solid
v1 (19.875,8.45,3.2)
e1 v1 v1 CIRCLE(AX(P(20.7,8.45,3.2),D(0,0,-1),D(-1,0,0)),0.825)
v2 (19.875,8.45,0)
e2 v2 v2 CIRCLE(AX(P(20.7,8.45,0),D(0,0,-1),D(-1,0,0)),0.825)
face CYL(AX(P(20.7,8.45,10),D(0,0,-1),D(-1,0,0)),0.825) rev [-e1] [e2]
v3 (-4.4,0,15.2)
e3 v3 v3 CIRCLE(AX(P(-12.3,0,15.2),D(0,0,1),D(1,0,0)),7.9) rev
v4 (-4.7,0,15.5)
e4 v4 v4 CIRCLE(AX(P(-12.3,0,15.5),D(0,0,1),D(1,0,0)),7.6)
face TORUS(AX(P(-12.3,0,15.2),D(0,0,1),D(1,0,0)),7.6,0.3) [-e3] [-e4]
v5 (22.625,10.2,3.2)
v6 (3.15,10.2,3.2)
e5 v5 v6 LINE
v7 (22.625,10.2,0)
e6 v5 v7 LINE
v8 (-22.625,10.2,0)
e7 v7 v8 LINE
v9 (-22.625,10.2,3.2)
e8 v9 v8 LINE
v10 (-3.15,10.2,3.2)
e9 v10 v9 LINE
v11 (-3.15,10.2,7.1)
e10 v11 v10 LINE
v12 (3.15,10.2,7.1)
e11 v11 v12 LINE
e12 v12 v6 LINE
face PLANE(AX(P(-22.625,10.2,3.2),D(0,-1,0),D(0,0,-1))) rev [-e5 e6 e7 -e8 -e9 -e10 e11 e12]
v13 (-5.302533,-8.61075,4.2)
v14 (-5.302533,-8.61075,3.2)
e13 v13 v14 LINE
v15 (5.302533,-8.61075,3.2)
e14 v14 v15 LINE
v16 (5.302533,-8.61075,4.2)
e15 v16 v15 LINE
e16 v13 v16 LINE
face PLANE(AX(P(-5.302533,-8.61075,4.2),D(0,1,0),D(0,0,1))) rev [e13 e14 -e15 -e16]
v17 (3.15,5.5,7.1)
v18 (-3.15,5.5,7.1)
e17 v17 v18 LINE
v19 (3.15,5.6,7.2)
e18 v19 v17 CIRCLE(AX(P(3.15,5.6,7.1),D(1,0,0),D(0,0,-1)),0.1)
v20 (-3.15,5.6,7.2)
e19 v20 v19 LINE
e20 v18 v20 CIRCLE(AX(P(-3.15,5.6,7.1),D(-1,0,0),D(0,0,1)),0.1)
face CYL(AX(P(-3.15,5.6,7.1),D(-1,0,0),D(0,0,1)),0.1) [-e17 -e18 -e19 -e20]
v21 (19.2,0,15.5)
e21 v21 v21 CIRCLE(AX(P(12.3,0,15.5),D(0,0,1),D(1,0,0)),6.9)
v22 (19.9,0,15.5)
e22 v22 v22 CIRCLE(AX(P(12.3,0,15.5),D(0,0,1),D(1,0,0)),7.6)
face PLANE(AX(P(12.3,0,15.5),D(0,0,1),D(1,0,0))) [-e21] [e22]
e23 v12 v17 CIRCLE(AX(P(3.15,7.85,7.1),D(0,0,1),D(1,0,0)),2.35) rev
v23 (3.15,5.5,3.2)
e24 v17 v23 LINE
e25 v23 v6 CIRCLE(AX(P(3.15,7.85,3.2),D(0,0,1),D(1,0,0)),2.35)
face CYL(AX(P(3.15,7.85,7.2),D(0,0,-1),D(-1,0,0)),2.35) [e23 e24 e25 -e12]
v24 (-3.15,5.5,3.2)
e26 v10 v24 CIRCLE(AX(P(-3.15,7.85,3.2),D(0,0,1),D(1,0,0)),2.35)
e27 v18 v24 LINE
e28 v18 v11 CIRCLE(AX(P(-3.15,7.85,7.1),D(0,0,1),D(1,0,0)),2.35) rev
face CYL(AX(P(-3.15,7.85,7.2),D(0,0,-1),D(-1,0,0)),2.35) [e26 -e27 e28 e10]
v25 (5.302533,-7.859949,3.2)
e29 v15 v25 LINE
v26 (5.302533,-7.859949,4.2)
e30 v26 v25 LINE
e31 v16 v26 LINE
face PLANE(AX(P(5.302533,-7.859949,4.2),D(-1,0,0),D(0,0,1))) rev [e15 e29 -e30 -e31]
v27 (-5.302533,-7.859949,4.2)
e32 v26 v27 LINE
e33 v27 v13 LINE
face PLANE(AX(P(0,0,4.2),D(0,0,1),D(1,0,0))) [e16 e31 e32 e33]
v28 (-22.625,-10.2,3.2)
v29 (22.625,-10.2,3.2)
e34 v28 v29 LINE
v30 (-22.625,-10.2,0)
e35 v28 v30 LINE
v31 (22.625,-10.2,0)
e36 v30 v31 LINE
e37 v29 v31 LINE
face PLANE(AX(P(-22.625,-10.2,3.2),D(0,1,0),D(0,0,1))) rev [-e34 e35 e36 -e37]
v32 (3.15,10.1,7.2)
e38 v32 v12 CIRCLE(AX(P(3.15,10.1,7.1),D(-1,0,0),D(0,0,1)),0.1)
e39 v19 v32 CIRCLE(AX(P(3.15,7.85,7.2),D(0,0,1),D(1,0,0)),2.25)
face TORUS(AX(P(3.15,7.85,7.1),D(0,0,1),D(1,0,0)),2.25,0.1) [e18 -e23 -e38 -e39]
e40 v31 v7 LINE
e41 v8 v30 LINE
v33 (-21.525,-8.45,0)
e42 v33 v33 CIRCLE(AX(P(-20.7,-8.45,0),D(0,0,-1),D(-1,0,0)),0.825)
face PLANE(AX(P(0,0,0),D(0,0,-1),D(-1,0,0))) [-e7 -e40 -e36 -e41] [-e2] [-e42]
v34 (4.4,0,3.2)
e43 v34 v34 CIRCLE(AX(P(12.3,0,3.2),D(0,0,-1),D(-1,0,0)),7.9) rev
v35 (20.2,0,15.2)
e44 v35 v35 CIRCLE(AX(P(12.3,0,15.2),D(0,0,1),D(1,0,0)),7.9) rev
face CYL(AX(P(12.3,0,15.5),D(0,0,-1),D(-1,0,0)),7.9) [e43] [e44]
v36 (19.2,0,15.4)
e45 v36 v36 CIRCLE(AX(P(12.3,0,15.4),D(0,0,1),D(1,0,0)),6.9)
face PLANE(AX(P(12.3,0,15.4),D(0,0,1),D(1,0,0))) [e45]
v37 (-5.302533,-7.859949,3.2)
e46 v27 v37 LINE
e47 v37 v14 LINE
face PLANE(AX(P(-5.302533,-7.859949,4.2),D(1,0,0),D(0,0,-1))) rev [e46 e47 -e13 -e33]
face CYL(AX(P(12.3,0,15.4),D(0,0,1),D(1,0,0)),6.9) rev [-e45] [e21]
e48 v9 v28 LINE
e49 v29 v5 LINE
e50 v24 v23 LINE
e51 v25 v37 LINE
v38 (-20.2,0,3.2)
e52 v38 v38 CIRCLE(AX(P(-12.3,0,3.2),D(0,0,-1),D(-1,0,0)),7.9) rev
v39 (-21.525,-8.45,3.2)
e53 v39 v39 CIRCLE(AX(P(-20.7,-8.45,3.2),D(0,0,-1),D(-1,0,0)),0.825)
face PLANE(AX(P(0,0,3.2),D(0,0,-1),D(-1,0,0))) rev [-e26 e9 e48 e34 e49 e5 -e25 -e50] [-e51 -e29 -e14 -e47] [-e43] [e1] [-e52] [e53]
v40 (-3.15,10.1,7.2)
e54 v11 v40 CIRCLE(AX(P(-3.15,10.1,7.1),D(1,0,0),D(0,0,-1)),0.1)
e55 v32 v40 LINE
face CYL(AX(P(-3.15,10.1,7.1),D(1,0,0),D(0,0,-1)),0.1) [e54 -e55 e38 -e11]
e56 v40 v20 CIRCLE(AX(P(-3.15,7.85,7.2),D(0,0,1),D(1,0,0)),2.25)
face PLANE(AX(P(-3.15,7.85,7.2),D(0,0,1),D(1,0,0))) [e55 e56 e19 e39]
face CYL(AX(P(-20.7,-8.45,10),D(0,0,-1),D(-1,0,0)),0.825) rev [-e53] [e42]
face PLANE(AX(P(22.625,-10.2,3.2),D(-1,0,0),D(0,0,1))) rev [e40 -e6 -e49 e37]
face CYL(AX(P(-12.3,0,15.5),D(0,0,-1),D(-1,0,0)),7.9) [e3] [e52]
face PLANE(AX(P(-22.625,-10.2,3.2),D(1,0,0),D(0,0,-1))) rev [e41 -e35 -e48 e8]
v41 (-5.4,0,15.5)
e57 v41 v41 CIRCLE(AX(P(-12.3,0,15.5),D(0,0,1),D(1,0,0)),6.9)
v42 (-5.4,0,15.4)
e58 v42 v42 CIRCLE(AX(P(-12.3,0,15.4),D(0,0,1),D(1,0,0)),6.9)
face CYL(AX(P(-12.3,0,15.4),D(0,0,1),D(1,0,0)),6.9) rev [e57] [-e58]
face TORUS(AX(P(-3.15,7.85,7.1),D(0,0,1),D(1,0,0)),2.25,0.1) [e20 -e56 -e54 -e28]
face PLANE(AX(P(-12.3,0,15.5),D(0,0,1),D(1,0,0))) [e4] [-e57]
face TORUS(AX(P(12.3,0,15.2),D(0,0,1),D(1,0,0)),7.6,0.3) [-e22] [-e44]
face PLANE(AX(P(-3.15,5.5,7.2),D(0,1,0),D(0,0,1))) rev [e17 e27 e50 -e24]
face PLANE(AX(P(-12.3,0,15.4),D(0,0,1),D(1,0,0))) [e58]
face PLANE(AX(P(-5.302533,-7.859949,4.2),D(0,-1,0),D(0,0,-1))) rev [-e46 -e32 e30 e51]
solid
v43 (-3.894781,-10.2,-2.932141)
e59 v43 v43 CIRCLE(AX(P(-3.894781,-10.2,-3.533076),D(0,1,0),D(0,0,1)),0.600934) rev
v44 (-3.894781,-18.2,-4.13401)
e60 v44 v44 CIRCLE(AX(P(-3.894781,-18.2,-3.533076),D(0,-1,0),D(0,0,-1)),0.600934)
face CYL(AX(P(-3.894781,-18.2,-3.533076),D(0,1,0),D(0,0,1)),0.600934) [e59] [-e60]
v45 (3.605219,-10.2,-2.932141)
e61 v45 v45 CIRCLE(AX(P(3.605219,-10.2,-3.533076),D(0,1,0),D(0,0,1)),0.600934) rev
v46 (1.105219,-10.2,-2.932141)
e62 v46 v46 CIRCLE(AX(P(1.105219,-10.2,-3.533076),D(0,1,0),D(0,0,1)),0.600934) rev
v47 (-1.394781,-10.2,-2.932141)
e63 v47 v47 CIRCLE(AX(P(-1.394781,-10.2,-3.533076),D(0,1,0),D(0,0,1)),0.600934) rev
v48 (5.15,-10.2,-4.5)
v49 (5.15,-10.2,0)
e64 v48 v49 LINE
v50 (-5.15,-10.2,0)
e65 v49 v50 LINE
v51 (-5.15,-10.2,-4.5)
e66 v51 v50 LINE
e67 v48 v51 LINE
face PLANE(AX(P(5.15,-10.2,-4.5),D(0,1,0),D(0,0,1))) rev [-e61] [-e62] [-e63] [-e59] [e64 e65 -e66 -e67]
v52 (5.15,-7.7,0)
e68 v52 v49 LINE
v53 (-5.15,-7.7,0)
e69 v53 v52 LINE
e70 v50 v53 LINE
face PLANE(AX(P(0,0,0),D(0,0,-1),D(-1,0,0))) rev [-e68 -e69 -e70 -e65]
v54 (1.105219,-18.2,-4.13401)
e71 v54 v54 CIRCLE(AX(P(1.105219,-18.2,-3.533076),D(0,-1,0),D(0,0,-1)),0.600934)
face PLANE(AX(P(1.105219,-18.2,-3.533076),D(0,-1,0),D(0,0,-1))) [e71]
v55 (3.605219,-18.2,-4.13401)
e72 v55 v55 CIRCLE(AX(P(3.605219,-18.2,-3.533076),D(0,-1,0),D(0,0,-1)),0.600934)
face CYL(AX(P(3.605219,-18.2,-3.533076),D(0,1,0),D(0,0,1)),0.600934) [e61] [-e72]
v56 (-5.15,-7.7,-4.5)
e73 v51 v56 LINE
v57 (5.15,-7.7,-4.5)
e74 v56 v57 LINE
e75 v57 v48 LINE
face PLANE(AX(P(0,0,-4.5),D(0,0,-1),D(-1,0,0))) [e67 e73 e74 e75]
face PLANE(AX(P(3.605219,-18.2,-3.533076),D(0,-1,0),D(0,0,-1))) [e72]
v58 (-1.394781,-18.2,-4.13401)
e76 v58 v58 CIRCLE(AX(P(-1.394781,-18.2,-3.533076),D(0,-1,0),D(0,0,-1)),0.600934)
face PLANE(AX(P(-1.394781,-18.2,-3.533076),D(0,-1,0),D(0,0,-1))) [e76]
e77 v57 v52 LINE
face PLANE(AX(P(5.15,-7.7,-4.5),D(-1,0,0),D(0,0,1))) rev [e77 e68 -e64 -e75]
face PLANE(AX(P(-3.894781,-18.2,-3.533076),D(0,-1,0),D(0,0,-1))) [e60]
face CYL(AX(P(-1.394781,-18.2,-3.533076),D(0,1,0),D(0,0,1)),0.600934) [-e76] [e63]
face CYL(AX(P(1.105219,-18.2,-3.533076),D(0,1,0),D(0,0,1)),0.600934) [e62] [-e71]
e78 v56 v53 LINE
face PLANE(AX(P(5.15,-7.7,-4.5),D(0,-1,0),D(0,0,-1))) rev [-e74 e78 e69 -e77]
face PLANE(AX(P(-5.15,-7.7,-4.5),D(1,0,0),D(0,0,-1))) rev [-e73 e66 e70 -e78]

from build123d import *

# Parameters (mm, degrees)
SKETCH_1_W          = 45.25
SKETCH_1_H          = 20.4
EXTRUDE_1_DEPTH     = 3.2
EXTRUDE_2_DEPTH     = 4
FILLET_1_R          = 0.1
SKETCH_3_R          = 7.9
EXTRUDE_3_DEPTH     = 12.3
SKETCH_4_R          = 6.9
CUT_EXTRUDE_1_DEPTH = 0.1
FILLET_2_R          = 0.3
SKETCH_5_W          = 10.605065306
SKETCH_5_H          = 0.750801084
EXTRUDE_4_DEPTH     = 1
SKETCH_6_W          = 10.3
SKETCH_6_H          = 2.5
EXTRUDE_5_DEPTH     = 4.5
SKETCH_7_R          = 0.600934077
EXTRUDE_6_DEPTH     = 8
SKETCH_8_R          = 0.825
CUT_EXTRUDE_2_DEPTH = 10


with BuildPart() as part:
    # Эскиз1 → Бобышка-Вытянуть1 (new body)
    with BuildSketch(Plane.XY):
        Rectangle(SKETCH_1_W, SKETCH_1_H)
    extrude(amount=EXTRUDE_1_DEPTH)

    # Эскиз2 → Бобышка-Вытянуть2 (add)
    with BuildSketch(Plane.XY.offset(3.2)):
        with BuildLine():
            Line((-3.15, 10.2), (3.15, 10.2))
            ThreePointArc((3.15, 10.2), (5.5, 7.85), (3.15, 5.5))
            Line((3.15, 5.5), (-3.15, 5.5))
            ThreePointArc((-3.15, 5.5), (-5.5, 7.85), (-3.15, 10.2))
        make_face()
    extrude(amount=EXTRUDE_2_DEPTH)

    # Скругление1
    fillet_1_edges = [part.edges().sort_by_distance(p)[0] for p in [
        (-5.5, 7.85, 7.2),
        (0, 5.5, 7.2),
        (5.5, 7.85, 7.2),
        (0, 10.2, 7.2),
    ]]
    fillet(fillet_1_edges, radius=FILLET_1_R)

    # Эскиз3 → Бобышка-Вытянуть3 (add)
    with BuildSketch(Plane.XY.offset(3.2)):
        with Locations(Location((-12.3, 0, 0), (0, 0, 180))):
            Circle(SKETCH_3_R)
        with Locations(Location((12.3, 0, 0), (0, 0, 180))):
            Circle(SKETCH_3_R)
    extrude(amount=EXTRUDE_3_DEPTH)

    # Эскиз4 → Вырез-Вытянуть1 (cut)
    with BuildSketch(Plane.XY.offset(15.5)):
        with Locations((-12.3, 0)):
            Circle(SKETCH_4_R)
        with Locations((12.3, 0)):
            Circle(SKETCH_4_R)
    extrude(amount=-CUT_EXTRUDE_1_DEPTH, mode=Mode.SUBTRACT)

    # Скругление2
    fillet_2_edges = [part.edges().sort_by_distance(p)[0] for p in [
        (-4.4, 0, 15.5),
        (20.2, 0, 15.5),
    ]]
    fillet(fillet_2_edges, radius=FILLET_2_R)

    # Эскиз5 → Бобышка-Вытянуть4 (add)
    with BuildSketch(Plane.XY.offset(3.2)):
        with Locations((0, -8.235349386)):
            Rectangle(SKETCH_5_W, SKETCH_5_H)
    extrude(amount=EXTRUDE_4_DEPTH)

    # Эскиз8 → Вырез-Вытянуть2 (cut)
    with BuildSketch(Plane(origin=(0, 0, 0), x_dir=(-1, 0, 0), z_dir=(0, 0, -1))):
        with Locations((-20.7, 8.45)):
            Circle(SKETCH_8_R)
        with Locations((20.7, -8.45)):
            Circle(SKETCH_8_R)
    extrude(amount=-CUT_EXTRUDE_2_DEPTH, mode=Mode.SUBTRACT)


with BuildPart() as body_2:
    # Эскиз6 → Бобышка-Вытянуть5 (new body)
    with BuildSketch(Plane(origin=(0, 0, 0), x_dir=(-1, 0, 0), z_dir=(0, 0, -1))):
        with Locations((0, -8.95)):
            Rectangle(SKETCH_6_W, SKETCH_6_H)
    extrude(amount=EXTRUDE_5_DEPTH)

    # Эскиз7 → Бобышка-Вытянуть6 (add)
    with BuildSketch(Plane.XZ.offset(10.2)):
        with Locations(Location((-3.894780621, -3.533075537, 0), (0, 0, 90))):
            Circle(SKETCH_7_R)
        with Locations(Location((-1.394780621, -3.533075537, 0), (0, 0, 90))):
            Circle(SKETCH_7_R)
        with Locations(Location((1.105219379, -3.533075537, 0), (0, 0, 90))):
            Circle(SKETCH_7_R)
        with Locations(Location((3.605219379, -3.533075537, 0), (0, 0, 90))):
            Circle(SKETCH_7_R)
    extrude(amount=EXTRUDE_6_DEPTH)


solid = Compound([part.part, body_2.part])
